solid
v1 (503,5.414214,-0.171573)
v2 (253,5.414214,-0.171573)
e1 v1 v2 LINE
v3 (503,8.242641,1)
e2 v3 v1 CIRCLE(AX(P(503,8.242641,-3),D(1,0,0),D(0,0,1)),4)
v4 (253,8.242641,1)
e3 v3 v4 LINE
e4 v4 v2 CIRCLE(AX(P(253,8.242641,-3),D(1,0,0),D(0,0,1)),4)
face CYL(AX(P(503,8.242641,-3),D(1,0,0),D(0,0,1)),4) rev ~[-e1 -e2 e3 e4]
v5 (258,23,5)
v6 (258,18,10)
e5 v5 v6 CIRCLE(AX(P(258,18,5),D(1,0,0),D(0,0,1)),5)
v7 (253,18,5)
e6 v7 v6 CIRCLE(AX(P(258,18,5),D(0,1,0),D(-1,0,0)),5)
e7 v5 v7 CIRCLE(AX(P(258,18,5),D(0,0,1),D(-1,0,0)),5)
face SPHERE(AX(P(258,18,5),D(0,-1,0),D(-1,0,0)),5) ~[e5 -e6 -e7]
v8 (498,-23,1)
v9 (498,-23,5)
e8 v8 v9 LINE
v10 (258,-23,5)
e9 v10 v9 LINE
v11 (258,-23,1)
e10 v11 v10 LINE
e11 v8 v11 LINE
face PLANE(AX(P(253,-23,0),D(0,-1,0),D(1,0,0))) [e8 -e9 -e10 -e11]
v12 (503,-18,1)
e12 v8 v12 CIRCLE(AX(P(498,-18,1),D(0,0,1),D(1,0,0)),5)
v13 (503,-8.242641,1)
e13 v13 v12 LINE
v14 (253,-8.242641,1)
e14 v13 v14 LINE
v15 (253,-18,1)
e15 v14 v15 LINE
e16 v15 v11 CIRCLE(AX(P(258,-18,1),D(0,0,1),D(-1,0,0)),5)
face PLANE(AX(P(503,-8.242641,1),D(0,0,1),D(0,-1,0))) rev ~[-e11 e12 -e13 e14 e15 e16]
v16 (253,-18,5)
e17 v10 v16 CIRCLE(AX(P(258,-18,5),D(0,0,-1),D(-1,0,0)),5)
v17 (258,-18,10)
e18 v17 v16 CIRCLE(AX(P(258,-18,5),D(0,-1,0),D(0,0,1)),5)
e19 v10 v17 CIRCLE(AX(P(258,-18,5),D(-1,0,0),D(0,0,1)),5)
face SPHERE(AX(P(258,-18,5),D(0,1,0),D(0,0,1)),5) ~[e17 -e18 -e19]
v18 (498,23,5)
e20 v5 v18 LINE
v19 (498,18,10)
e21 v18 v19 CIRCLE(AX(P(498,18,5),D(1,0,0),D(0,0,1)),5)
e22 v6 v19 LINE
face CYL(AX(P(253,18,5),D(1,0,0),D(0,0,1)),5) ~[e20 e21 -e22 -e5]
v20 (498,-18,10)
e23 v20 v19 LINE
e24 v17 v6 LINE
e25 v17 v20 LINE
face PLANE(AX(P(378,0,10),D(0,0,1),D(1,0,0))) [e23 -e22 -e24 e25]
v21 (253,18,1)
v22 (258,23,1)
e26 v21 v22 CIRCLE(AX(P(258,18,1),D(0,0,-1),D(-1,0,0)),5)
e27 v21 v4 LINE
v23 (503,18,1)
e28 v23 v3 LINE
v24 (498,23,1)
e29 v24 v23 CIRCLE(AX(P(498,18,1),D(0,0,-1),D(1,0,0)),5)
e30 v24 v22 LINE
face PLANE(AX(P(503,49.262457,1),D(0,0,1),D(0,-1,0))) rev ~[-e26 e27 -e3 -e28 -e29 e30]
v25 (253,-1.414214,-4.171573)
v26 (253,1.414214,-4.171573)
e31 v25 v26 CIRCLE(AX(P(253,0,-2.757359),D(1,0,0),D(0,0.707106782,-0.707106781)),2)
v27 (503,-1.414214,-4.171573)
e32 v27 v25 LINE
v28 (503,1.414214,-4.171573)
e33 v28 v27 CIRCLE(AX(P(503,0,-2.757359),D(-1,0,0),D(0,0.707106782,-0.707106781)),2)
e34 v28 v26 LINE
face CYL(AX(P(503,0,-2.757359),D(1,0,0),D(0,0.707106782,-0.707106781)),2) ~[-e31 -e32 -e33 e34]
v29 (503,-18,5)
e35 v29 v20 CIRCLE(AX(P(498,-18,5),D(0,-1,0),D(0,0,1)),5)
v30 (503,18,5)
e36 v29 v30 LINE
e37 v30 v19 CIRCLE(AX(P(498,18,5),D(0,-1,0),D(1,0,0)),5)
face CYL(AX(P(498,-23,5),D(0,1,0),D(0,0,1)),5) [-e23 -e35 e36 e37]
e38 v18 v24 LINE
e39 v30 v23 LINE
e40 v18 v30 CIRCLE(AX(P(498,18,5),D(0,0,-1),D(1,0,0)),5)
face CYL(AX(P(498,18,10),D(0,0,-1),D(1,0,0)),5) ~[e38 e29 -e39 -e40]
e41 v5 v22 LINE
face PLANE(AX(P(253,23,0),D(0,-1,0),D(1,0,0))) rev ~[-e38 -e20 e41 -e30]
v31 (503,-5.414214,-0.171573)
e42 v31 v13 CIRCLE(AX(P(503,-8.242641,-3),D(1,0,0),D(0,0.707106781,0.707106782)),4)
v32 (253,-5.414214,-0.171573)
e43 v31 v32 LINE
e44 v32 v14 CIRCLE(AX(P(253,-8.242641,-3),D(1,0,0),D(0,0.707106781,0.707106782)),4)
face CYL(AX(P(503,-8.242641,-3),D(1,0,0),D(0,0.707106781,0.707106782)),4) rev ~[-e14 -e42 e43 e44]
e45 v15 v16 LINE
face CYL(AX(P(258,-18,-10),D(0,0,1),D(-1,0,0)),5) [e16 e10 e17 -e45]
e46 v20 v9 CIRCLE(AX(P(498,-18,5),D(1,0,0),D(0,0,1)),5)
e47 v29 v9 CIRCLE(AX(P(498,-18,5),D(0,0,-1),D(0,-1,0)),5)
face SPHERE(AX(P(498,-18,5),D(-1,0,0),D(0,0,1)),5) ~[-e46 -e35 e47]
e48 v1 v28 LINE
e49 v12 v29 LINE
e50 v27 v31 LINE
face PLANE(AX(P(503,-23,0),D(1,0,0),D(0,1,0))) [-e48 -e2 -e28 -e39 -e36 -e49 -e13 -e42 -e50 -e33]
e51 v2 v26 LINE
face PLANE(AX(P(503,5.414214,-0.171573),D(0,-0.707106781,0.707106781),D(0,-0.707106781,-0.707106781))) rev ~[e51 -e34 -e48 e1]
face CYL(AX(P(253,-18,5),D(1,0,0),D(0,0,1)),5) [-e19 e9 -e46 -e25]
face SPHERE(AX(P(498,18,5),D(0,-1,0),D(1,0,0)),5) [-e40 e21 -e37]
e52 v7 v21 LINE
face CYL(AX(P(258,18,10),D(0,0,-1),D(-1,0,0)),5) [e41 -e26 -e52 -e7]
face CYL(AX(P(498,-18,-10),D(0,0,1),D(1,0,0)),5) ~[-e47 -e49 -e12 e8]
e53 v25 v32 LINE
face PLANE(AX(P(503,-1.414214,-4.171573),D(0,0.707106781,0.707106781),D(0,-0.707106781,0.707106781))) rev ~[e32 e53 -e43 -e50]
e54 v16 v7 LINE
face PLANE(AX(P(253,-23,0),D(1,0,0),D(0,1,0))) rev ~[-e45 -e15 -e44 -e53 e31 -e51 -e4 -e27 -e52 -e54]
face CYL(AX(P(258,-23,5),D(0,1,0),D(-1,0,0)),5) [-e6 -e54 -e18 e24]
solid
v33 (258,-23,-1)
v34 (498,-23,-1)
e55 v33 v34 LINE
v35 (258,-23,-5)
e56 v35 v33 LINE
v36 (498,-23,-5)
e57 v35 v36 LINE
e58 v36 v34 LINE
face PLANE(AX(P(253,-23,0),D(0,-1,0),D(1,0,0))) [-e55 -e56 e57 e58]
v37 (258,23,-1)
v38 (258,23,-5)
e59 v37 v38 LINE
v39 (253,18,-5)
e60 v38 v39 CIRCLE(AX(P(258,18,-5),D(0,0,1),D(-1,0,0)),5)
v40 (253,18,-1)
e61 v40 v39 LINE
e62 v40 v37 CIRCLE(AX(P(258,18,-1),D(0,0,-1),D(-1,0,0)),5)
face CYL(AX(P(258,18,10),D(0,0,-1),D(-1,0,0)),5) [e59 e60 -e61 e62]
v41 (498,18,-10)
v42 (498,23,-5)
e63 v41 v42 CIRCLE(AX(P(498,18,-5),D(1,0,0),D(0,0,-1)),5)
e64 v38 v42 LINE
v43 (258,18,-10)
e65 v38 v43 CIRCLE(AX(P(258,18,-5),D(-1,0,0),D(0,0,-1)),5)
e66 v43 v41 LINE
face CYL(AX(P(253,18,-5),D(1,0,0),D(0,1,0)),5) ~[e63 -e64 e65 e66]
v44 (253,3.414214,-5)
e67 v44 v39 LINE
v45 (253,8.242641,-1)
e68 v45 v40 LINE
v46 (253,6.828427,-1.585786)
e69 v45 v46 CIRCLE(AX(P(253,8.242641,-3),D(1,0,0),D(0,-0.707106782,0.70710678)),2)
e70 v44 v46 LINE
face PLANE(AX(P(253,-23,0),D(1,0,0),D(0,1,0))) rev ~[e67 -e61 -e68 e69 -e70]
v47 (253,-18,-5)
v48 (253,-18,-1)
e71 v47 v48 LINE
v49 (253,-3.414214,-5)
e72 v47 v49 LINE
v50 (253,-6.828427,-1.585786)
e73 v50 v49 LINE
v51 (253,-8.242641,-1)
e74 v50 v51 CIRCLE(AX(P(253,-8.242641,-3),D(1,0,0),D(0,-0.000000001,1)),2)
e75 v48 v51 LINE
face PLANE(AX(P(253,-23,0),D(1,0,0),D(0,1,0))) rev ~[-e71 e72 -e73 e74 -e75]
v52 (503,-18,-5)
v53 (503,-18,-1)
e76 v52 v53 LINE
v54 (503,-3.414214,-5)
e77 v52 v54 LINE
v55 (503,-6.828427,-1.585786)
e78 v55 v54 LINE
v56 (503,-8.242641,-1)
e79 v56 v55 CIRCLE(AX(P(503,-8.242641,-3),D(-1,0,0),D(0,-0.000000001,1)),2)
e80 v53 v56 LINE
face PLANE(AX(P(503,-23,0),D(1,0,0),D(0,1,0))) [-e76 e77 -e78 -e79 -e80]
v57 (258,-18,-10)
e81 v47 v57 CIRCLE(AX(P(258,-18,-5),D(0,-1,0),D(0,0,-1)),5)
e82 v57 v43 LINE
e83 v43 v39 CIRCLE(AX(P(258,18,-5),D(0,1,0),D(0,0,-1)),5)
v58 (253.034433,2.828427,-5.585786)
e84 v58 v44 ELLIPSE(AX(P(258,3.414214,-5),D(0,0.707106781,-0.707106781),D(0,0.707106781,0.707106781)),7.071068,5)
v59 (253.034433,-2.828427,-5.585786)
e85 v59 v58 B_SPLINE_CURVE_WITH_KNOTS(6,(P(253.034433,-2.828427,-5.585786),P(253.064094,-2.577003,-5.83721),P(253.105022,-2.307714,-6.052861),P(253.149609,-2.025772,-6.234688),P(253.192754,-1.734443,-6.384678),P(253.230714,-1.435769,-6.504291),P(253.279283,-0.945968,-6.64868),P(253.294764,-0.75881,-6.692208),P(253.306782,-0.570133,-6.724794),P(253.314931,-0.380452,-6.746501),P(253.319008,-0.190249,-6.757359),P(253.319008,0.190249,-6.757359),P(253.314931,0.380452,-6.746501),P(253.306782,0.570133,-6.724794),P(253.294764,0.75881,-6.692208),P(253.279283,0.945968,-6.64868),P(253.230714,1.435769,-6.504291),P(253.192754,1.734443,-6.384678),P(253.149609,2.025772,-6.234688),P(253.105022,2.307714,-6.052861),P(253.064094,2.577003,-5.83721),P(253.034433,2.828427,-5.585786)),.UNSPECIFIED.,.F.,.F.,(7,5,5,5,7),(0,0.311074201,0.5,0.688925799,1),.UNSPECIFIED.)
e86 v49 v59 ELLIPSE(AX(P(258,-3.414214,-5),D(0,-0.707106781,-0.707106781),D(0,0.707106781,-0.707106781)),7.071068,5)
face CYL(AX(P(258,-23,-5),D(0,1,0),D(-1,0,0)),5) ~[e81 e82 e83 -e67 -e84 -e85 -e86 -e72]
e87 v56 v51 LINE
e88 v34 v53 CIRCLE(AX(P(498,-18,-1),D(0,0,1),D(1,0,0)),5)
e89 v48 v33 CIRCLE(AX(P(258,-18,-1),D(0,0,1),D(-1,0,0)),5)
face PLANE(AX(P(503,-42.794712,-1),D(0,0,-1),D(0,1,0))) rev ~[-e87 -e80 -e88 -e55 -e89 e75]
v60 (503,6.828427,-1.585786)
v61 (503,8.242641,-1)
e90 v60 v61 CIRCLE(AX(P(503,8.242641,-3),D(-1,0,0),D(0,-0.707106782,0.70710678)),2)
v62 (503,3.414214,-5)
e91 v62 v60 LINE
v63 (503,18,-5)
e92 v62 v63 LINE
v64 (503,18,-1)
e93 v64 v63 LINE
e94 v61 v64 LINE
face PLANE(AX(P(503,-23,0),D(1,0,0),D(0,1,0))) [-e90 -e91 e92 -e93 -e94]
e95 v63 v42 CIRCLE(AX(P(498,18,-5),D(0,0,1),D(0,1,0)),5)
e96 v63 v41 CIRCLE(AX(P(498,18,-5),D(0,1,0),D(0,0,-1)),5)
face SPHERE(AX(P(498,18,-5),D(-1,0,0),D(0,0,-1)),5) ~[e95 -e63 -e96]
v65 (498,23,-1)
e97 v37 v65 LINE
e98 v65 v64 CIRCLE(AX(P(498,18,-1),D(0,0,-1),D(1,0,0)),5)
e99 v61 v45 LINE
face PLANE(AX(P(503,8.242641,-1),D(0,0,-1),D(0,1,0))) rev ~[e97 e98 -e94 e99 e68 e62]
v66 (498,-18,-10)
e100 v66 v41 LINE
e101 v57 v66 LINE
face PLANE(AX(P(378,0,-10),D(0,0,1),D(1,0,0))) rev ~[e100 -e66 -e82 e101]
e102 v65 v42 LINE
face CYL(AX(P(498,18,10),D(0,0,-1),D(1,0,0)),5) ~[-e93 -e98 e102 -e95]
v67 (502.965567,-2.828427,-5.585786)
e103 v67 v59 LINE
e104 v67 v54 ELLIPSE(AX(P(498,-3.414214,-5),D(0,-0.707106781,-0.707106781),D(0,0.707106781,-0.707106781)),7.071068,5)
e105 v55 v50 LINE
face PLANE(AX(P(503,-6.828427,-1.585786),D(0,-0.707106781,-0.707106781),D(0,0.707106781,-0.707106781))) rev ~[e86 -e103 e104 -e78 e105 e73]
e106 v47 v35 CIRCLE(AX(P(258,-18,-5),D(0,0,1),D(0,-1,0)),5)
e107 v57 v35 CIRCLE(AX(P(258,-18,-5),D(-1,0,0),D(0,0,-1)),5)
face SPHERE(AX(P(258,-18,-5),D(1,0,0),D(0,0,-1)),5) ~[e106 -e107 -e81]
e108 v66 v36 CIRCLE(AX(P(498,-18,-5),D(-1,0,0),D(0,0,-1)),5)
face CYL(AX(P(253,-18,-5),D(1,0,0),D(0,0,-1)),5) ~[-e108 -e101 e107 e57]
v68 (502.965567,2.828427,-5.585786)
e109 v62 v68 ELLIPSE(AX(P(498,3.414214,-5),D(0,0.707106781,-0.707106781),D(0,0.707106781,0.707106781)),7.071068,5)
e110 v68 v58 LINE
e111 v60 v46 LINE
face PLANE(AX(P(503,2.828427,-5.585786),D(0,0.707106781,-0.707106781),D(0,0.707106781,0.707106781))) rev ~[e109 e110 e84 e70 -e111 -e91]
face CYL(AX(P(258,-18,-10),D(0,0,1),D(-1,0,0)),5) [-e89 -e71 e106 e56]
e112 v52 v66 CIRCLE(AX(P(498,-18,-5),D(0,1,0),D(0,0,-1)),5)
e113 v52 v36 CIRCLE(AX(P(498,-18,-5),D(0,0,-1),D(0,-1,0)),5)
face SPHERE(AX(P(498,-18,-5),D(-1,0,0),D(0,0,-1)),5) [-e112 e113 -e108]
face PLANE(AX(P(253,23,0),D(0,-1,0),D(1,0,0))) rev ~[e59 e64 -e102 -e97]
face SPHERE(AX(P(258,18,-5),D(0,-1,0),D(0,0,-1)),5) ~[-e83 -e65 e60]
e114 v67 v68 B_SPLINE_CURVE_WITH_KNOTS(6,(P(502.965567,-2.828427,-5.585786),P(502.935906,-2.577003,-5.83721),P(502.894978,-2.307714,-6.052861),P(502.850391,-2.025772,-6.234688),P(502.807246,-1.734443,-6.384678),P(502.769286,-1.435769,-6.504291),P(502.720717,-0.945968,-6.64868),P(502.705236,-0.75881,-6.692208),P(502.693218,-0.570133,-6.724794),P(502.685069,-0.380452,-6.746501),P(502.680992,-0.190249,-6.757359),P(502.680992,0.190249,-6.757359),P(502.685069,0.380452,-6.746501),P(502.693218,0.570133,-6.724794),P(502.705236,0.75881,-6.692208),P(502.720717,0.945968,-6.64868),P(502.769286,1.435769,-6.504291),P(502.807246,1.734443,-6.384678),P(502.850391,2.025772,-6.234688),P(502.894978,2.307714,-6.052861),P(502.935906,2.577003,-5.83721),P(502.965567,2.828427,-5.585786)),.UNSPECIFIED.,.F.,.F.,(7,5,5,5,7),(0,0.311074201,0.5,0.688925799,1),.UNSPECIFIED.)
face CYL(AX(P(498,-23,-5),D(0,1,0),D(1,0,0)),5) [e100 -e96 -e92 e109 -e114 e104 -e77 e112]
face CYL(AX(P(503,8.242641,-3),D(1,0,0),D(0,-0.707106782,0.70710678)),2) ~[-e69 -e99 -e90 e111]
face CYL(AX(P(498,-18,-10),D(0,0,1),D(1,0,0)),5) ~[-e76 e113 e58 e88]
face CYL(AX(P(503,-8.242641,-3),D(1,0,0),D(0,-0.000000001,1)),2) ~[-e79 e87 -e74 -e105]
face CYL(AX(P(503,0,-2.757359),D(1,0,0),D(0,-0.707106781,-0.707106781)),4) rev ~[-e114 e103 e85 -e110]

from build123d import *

# Parameters (mm, degrees)
SKETCH_1_W          = 250
SKETCH_1_H          = 46
EXTRUDE_1_DEPTH     = 10
FILLET_1_R          = 5
CUT_EXTRUDE_1_DEPTH = 252.254850699


with BuildPart() as part:
    # Sketch 1 → Extrude 1 (new, symmetric)
    with BuildSketch(Plane.XY):
        with Locations((378, 0)):
            Rectangle(SKETCH_1_W, SKETCH_1_H)
    extrude(amount=EXTRUDE_1_DEPTH, both=True)

    # Fillet 1
    fillet_1_edges = [part.edges().sort_by_distance(p)[0] for p in [
        (253, 0, 10),
        (378, -23, 10),
        (503, 0, 10),
        (378, -23, -10),
        (253, 0, -10),
        (378, 23, -10),
        (503, 0, -10),
        (503, -23, 0),
        (253, -23, 0),
        (253, 23, 0),
        (503, 23, 0),
        (378, 23, 10),
    ]]
    fillet(fillet_1_edges, radius=FILLET_1_R)

    # Sketch 3 → Cut-Extrude 1 (cut, through all)
    with BuildSketch(Plane(origin=(503, 0, 0), x_dir=(0, 0, -1), z_dir=(1, 0, 0))):
        with BuildLine():
            Line((1.585786438, -6.828427125), (5.585786438, -2.828427125))
            ThreePointArc((5.585786438, -2.828427125), (6.757359313, 0), (5.585786438, 2.828427125))
            Line((5.585786438, 2.828427125), (1.585786438, 6.828427125))
            ThreePointArc((1.585786438, 6.828427125), (1.152240935, 7.477273822), (1, 8.242640687))
            Line((1, 8.242640687), (1, 49.262457351))
            Line((1, 49.262457351), (-1, 49.262457351))
            Line((-1, 49.262457351), (-1, 8.242640687))
            ThreePointArc((-1, 8.242640687), (-0.69551813, 6.711906958), (0.171572875, 5.414213562))
            Line((0.171572875, 5.414213562), (4.171572875, 1.414213562))
            ThreePointArc((4.171572875, 1.414213562), (4.757359313, 0), (4.171572875, -1.414213562))
            Line((4.171572875, -1.414213562), (0.171572875, -5.414213562))
            ThreePointArc((0.171572875, -5.414213562), (-0.69551813, -6.711906958), (-1, -8.242640687))
            Line((-1, -8.242640687), (-1, -42.794712141))
            Line((-1, -42.794712141), (1, -42.794712141))
            Line((1, -42.794712141), (1, -8.242640687))
            ThreePointArc((1, -8.242640687), (1.152240935, -7.477273822), (1.585786438, -6.828427125))
        make_face()
    extrude(amount=-CUT_EXTRUDE_1_DEPTH, mode=Mode.SUBTRACT)


with BuildPart() as cut_extrude_1_piece_1:
    # of the separate pieces the step leaves, piece 1, a body of its own (cut_extrude_1_pieces)
    add(part.part.solids().sort_by_distance((258, -23, 5))[0])


with BuildPart() as cut_extrude_1_piece_2:
    # of the separate pieces the step leaves, piece 2, a body of its own (cut_extrude_1_pieces)
    add(part.part.solids().sort_by_distance((258, -23, -1))[0])


solid = Compound([cut_extrude_1_piece_1.part, cut_extrude_1_piece_2.part])
